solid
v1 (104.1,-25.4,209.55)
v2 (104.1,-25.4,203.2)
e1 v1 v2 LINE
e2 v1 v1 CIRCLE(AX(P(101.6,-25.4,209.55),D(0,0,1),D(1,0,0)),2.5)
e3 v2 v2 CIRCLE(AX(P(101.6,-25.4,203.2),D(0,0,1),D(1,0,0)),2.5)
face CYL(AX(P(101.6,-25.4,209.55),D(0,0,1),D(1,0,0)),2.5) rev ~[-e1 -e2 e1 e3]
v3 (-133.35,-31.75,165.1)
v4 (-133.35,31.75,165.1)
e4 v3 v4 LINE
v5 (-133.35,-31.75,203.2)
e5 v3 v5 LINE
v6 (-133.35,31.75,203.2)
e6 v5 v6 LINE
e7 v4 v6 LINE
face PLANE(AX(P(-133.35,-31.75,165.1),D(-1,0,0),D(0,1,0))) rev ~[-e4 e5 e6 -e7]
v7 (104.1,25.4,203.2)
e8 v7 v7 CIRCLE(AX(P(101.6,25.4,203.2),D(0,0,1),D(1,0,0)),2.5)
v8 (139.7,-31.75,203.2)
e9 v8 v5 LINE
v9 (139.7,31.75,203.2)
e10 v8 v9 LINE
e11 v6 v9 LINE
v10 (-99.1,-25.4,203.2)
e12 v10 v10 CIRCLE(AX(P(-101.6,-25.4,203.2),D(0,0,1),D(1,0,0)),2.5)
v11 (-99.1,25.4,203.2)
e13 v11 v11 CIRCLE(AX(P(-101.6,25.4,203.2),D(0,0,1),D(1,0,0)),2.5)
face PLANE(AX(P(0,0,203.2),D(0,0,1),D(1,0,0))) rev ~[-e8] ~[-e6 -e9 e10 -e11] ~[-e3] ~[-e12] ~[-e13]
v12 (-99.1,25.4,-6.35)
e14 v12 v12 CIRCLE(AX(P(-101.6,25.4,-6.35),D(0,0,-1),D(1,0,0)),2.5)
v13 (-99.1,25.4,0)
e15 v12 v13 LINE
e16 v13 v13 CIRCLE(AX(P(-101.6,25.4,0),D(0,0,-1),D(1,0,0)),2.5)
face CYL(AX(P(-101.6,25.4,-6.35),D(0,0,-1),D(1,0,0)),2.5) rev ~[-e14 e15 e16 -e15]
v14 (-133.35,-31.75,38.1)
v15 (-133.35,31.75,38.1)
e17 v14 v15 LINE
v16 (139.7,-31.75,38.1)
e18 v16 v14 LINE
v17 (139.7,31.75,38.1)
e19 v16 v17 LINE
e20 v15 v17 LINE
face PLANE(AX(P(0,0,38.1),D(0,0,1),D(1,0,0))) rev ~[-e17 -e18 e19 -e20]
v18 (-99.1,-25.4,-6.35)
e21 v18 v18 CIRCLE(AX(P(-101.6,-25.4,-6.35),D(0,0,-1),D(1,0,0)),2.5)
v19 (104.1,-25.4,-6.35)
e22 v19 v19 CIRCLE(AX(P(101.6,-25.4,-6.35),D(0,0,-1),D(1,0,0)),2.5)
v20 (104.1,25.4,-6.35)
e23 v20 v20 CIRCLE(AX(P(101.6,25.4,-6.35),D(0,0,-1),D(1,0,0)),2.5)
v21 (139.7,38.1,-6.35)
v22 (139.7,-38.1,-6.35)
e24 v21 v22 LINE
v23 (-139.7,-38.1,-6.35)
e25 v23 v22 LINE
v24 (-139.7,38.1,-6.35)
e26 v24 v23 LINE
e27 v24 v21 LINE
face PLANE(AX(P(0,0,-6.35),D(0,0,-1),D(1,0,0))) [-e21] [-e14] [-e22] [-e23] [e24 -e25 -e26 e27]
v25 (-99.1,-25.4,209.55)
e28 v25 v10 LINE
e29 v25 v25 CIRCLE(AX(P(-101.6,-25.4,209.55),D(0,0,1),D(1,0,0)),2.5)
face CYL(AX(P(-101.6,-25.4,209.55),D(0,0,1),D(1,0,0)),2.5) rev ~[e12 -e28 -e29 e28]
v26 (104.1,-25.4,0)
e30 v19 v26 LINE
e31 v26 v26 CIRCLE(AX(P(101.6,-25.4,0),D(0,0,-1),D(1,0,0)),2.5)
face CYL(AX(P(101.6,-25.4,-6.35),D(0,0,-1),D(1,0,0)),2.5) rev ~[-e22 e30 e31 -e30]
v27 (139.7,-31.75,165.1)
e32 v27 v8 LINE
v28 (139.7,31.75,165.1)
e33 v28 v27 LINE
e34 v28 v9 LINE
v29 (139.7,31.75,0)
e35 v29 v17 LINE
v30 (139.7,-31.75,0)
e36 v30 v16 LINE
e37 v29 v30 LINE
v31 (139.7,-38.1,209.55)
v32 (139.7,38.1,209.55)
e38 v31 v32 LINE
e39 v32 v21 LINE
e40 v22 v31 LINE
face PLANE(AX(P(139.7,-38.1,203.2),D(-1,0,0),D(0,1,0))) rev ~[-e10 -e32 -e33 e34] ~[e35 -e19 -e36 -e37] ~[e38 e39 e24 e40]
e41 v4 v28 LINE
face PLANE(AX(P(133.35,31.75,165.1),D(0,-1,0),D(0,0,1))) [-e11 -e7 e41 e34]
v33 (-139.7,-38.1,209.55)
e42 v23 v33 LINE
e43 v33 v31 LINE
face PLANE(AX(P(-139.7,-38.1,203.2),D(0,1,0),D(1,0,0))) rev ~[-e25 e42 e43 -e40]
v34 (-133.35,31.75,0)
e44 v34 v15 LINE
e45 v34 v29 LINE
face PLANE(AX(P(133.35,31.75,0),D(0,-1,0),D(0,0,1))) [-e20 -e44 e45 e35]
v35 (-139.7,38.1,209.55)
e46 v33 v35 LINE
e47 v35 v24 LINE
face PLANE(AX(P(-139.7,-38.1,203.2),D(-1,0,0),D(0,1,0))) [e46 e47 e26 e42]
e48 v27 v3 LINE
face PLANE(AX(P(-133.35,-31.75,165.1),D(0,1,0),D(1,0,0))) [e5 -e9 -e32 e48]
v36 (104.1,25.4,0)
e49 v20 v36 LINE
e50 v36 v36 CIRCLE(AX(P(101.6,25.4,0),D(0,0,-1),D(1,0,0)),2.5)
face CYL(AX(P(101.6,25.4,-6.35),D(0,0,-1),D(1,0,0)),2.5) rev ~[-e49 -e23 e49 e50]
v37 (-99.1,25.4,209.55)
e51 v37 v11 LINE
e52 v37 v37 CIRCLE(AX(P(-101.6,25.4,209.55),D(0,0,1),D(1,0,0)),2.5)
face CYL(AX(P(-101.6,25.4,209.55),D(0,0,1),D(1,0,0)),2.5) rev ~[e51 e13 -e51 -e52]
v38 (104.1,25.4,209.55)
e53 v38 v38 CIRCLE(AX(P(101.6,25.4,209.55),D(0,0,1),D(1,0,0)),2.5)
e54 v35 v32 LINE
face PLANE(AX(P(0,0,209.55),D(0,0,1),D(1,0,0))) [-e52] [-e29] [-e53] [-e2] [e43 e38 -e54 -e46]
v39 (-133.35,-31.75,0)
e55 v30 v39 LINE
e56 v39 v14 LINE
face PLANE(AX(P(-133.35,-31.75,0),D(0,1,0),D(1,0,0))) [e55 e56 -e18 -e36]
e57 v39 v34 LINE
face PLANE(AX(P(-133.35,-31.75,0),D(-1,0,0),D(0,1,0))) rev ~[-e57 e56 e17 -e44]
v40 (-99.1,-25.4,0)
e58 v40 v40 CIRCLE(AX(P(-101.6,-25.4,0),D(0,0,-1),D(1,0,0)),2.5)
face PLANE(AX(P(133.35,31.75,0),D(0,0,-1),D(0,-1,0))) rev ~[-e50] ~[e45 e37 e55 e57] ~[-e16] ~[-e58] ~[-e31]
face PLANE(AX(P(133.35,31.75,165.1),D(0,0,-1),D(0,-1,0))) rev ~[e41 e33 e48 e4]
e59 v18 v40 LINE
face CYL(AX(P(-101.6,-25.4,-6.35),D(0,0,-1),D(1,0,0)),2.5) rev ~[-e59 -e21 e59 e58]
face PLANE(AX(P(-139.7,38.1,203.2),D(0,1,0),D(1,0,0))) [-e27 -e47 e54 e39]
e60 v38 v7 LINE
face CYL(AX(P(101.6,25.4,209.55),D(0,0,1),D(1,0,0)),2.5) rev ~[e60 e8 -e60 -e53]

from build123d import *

# Parameters (mm, degrees)
F0_W      = 279.4
F0_H      = 76.2
F0_W_2    = 266.7
F0_H_2    = 63.5
F1_DEPTH  = 38.1
F2_W      = 279.4
F2_H      = 76.2
F3_DEPTH  = 6.35
F4_W      = 63.5
F4_H      = 38.1
F5_DEPTH  = 25
F6_W      = 279.4
F6_H      = 76.2
F7_DEPTH  = 127
F8_W      = 279.4
F8_H      = 76.2
F8_W_2    = 266.7
F8_H_2    = 63.5
F9_DEPTH  = 38.1
F10_W     = 63.5
F10_H     = 38.1
F11_DEPTH = 25
F12_W     = 279.4
F12_H     = 76.2
F13_DEPTH = 6.35
F14_R     = 2.5
F15_DEPTH = 6.35
F16_R     = 2.5
F17_DEPTH = 6.35


with BuildPart() as f1:
    # F0 (on Top) → F1 (new body)
    with BuildSketch(Plane.XY):
        Rectangle(F0_W, F0_H)
        Rectangle(F0_W_2, F0_H_2, mode=Mode.SUBTRACT)
    extrude(amount=F1_DEPTH)

    # F2 (on face) → F3 (join)
    with BuildSketch(Plane(origin=(0, 0, 0), x_dir=(1, 0, 0), z_dir=(0, 0, -1))):
        Rectangle(F2_W, F2_H)
    extrude(amount=F3_DEPTH)

    # F4 (on face) → F5 (cut)
    with BuildSketch(Plane(origin=(133.35, 0, 0), x_dir=(0, -1, 0), z_dir=(-1, 0, 0))):
        with Locations((0, 19.05)):
            Rectangle(F4_W, F4_H)
    extrude(amount=-F5_DEPTH, mode=Mode.SUBTRACT)

    # F6 (on face) → F7 (join)
    with BuildSketch(Plane.XY.offset(38.1)):
        Rectangle(F6_W, F6_H)
    extrude(amount=F7_DEPTH)

    # F8 (on face) → F9 (join)
    with BuildSketch(Plane.XY.offset(165.1)):
        Rectangle(F8_W, F8_H)
        Rectangle(F8_W_2, F8_H_2, mode=Mode.SUBTRACT)
    extrude(amount=F9_DEPTH)

    # F10 (on face) → F11 (cut)
    with BuildSketch(Plane(origin=(133.35, 0, 0), x_dir=(0, -1, 0), z_dir=(-1, 0, 0))):
        with Locations((0, 184.15)):
            Rectangle(F10_W, F10_H)
    extrude(amount=-F11_DEPTH, mode=Mode.SUBTRACT)

    # F12 (on face) → F13 (join)
    with BuildSketch(Plane.XY.offset(203.2)):
        Rectangle(F12_W, F12_H)
    extrude(amount=F13_DEPTH)

    # F14 (on face) → F15 (cut, through all)
    with BuildSketch(Plane.XY.offset(209.55)):
        with Locations((101.6, 25.4)):
            Circle(F14_R)
        with Locations((101.6, -25.4)):
            Circle(F14_R)
        with Locations((-101.6, 25.4)):
            Circle(F14_R)
        with Locations((-101.6, -25.4)):
            Circle(F14_R)
    extrude(amount=-F15_DEPTH, mode=Mode.SUBTRACT)

    # F16 (on face) → F17 (cut, through all)
    with BuildSketch(Plane(origin=(0, 0, -6.35), x_dir=(1, 0, 0), z_dir=(0, 0, -1))):
        with Locations((-101.6, -25.4)):
            Circle(F16_R)
        with Locations((-101.6, 25.4)):
            Circle(F16_R)
        with Locations((101.6, -25.4)):
            Circle(F16_R)
        with Locations((101.6, 25.4)):
            Circle(F16_R)
    extrude(amount=-F17_DEPTH, mode=Mode.SUBTRACT)


solid = f1.part
